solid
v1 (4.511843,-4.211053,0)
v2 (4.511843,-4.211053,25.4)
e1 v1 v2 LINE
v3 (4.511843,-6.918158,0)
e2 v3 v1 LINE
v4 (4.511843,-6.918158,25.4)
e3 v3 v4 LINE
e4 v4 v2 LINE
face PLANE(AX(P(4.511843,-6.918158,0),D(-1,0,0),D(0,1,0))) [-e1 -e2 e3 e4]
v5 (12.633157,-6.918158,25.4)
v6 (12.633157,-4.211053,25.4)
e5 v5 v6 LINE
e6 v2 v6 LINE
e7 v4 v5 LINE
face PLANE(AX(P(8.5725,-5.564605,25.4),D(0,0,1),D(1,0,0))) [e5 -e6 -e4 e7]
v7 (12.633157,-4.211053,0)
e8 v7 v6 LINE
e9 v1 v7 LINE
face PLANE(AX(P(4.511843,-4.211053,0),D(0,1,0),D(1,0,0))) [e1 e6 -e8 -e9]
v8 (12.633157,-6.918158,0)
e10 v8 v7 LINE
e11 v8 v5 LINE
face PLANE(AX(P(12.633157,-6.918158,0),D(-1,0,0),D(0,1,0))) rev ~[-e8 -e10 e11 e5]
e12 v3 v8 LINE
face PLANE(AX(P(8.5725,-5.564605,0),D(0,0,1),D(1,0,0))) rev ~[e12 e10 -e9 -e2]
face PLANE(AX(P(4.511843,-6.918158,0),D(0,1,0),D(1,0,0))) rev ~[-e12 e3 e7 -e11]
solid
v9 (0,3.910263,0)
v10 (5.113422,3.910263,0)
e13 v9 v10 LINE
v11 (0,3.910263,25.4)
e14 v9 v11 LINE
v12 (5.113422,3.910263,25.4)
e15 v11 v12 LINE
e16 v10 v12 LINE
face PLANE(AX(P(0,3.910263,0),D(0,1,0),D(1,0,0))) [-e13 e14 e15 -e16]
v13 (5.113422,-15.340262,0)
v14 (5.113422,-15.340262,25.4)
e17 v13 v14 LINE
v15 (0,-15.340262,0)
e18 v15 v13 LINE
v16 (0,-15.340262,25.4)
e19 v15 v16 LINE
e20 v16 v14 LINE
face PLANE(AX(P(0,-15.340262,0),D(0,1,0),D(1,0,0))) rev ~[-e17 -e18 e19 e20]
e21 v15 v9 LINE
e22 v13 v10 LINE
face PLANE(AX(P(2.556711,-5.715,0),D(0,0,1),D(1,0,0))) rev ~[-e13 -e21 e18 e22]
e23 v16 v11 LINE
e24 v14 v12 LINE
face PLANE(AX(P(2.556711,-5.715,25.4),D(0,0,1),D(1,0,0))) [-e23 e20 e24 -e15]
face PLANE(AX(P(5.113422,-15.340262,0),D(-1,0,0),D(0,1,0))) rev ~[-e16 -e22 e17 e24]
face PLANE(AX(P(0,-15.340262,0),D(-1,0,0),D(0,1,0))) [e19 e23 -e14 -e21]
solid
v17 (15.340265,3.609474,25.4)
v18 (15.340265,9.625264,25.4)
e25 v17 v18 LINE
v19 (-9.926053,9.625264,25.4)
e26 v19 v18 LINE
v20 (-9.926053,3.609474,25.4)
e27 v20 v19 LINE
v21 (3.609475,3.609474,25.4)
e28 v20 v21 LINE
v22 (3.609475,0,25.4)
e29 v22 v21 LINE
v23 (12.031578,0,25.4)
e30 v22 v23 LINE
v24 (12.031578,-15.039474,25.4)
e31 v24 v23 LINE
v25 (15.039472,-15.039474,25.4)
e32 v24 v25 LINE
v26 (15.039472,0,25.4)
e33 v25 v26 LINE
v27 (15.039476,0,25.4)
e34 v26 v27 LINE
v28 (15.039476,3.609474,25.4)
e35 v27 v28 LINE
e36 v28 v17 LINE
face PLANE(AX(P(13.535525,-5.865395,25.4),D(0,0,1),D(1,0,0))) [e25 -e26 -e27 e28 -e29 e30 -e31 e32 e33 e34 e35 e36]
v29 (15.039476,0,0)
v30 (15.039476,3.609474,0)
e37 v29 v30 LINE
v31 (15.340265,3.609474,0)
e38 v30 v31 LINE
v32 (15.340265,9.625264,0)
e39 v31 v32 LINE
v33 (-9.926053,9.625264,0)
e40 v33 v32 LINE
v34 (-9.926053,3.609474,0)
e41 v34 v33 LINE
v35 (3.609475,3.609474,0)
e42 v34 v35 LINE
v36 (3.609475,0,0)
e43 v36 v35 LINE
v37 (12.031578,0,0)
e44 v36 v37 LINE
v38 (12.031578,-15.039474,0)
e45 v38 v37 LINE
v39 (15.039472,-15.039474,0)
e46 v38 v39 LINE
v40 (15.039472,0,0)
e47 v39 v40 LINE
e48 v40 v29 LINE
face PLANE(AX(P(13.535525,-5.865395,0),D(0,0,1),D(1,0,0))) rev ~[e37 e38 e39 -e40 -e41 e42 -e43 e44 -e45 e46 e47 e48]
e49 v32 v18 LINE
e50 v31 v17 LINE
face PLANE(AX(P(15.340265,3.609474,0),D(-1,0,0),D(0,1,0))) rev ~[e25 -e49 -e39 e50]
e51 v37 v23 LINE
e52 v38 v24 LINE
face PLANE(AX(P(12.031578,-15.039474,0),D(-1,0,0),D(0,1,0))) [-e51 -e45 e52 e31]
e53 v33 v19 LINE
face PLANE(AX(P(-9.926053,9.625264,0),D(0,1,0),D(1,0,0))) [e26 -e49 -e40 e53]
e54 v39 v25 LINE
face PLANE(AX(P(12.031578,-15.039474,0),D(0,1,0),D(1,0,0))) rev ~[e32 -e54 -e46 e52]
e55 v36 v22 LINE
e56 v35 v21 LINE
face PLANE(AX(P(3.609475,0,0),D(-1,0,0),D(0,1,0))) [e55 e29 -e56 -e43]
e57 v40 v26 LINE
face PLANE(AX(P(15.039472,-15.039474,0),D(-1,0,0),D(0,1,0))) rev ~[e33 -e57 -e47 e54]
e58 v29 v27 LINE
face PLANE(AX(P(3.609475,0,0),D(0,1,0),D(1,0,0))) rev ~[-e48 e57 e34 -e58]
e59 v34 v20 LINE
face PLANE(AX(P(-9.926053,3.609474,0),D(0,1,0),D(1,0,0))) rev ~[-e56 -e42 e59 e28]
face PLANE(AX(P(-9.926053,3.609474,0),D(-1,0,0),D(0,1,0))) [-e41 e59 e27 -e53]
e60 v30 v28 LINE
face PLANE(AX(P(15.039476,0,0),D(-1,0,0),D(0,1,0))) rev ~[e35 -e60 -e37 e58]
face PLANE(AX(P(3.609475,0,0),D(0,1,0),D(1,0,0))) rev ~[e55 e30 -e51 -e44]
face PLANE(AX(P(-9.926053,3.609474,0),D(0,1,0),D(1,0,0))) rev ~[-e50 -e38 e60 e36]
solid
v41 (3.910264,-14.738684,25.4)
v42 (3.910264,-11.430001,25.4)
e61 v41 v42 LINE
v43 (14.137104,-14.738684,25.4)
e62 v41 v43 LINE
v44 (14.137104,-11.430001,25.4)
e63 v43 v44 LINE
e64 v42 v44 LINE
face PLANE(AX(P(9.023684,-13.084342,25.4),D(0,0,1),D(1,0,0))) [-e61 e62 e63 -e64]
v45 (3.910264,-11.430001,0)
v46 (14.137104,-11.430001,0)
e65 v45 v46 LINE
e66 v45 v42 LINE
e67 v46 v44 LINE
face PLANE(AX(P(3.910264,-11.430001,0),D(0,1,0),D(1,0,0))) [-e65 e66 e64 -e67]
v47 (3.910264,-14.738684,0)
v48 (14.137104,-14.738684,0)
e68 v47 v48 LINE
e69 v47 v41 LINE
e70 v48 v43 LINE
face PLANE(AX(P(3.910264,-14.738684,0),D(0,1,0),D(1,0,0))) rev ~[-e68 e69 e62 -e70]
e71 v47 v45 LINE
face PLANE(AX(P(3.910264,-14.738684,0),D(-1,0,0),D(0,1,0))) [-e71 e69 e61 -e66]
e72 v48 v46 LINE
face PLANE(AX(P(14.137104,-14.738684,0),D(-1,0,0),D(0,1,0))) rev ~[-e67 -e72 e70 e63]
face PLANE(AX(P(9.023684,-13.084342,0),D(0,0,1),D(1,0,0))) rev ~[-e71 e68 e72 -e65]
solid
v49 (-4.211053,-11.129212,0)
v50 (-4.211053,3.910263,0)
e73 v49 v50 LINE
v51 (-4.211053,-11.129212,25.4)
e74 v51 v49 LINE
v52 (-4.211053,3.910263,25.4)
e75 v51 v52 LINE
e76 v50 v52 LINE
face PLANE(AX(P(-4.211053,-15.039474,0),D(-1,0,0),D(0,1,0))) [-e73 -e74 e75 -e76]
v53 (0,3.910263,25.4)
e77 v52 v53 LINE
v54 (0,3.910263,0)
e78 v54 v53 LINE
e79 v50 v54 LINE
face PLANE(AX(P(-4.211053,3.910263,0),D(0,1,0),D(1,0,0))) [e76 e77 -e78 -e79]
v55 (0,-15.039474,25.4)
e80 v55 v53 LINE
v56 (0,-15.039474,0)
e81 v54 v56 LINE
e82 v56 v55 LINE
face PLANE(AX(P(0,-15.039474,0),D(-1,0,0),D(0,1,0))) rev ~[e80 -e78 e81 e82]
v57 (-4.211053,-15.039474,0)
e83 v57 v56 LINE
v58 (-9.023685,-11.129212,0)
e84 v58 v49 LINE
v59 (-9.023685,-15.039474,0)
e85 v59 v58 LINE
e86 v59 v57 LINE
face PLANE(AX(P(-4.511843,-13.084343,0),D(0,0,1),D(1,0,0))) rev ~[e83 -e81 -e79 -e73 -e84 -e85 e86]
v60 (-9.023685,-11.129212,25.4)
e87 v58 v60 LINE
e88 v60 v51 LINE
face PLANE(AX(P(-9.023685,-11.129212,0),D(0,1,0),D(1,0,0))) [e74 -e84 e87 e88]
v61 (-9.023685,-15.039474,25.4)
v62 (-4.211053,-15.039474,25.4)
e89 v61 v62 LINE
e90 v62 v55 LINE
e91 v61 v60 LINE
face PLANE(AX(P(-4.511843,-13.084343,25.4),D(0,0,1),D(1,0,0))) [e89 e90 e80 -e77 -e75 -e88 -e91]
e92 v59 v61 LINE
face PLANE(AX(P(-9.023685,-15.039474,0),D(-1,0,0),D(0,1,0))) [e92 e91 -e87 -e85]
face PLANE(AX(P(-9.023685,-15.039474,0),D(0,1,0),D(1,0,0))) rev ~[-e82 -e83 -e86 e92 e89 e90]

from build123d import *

# Parameters (mm, degrees)
F1_W      = 25.2663176507
F1_H      = 6.0157899279
F2_DEPTH  = 25.4
F3_W      = 4.2110527866
F3_H      = 18.949736841
F4_DEPTH  = 25.4
F5_W      = 9.0236850083
F5_H      = 3.9102621377
F6_DEPTH  = 25.4
F7_W      = 5.1134219393
F7_H      = 19.2505251616
F8_DEPTH  = 25.4
F9_W      = 11.4300006535
F9_H      = 3.6094735842
F10_DEPTH = 25.4
F11_W     = 3.0078934506
F11_H     = 18.3481578715
F12_DEPTH = 25.4
F13_W     = 8.1213139929
F13_H     = 2.70710513
F14_DEPTH = 25.4
F15_W     = 10.2268396877
F15_H     = 3.3086827025
F16_DEPTH = 25.4


with BuildPart() as f2:
    # F1 (on face) → F2 (new body)
    with BuildSketch(Plane.XY):
        with Locations((2.7071060613, 6.6173685482)):
            Rectangle(F1_W, F1_H)
    extrude(amount=F2_DEPTH)

    # F9 (on face) → F10 (join)
    with BuildSketch(Plane.XY):
        with Locations((9.3244753079, 1.8047367921)):
            Rectangle(F9_W, F9_H)
    extrude(amount=F10_DEPTH)

    # F11 (on face) → F12 (join)
    with BuildSketch(Plane.XY):
        with Locations((13.5355251841, -5.8653948363)):
            Rectangle(F11_W, F11_H)
    extrude(amount=F12_DEPTH)


with BuildPart() as f4:
    # F3 (on face) → F4 (new body)
    with BuildSketch(Plane.XY):
        with Locations((-2.1055263933, -5.5646053515)):
            Rectangle(F3_W, F3_H)
    extrude(amount=F4_DEPTH)

    # F5 (on face) → F6 (join)
    with BuildSketch(Plane.XY):
        with Locations((-4.5118425041, -13.0843427032)):
            Rectangle(F5_W, F5_H)
    extrude(amount=F6_DEPTH)


with BuildPart() as f8:
    # F7 (on face) → F8 (new body)
    with BuildSketch(Plane.XY):
        with Locations((2.5567109697, -5.7149995118)):
            Rectangle(F7_W, F7_H)
    extrude(amount=F8_DEPTH)


with BuildPart() as f14:
    # F13 (on face) → F14 (new body)
    with BuildSketch(Plane.XY):
        with Locations((8.5724999662, -5.5646053515)):
            Rectangle(F13_W, F13_H)
    extrude(amount=F14_DEPTH)


with BuildPart() as f16:
    # F15 (on face) → F16 (new body)
    with BuildSketch(Plane.XY):
        with Locations((9.0236843098, -13.0843422376)):
            Rectangle(F15_W, F15_H)
    extrude(amount=F16_DEPTH)


solid = Compound([f2.part, f4.part, f8.part, f14.part, f16.part])
